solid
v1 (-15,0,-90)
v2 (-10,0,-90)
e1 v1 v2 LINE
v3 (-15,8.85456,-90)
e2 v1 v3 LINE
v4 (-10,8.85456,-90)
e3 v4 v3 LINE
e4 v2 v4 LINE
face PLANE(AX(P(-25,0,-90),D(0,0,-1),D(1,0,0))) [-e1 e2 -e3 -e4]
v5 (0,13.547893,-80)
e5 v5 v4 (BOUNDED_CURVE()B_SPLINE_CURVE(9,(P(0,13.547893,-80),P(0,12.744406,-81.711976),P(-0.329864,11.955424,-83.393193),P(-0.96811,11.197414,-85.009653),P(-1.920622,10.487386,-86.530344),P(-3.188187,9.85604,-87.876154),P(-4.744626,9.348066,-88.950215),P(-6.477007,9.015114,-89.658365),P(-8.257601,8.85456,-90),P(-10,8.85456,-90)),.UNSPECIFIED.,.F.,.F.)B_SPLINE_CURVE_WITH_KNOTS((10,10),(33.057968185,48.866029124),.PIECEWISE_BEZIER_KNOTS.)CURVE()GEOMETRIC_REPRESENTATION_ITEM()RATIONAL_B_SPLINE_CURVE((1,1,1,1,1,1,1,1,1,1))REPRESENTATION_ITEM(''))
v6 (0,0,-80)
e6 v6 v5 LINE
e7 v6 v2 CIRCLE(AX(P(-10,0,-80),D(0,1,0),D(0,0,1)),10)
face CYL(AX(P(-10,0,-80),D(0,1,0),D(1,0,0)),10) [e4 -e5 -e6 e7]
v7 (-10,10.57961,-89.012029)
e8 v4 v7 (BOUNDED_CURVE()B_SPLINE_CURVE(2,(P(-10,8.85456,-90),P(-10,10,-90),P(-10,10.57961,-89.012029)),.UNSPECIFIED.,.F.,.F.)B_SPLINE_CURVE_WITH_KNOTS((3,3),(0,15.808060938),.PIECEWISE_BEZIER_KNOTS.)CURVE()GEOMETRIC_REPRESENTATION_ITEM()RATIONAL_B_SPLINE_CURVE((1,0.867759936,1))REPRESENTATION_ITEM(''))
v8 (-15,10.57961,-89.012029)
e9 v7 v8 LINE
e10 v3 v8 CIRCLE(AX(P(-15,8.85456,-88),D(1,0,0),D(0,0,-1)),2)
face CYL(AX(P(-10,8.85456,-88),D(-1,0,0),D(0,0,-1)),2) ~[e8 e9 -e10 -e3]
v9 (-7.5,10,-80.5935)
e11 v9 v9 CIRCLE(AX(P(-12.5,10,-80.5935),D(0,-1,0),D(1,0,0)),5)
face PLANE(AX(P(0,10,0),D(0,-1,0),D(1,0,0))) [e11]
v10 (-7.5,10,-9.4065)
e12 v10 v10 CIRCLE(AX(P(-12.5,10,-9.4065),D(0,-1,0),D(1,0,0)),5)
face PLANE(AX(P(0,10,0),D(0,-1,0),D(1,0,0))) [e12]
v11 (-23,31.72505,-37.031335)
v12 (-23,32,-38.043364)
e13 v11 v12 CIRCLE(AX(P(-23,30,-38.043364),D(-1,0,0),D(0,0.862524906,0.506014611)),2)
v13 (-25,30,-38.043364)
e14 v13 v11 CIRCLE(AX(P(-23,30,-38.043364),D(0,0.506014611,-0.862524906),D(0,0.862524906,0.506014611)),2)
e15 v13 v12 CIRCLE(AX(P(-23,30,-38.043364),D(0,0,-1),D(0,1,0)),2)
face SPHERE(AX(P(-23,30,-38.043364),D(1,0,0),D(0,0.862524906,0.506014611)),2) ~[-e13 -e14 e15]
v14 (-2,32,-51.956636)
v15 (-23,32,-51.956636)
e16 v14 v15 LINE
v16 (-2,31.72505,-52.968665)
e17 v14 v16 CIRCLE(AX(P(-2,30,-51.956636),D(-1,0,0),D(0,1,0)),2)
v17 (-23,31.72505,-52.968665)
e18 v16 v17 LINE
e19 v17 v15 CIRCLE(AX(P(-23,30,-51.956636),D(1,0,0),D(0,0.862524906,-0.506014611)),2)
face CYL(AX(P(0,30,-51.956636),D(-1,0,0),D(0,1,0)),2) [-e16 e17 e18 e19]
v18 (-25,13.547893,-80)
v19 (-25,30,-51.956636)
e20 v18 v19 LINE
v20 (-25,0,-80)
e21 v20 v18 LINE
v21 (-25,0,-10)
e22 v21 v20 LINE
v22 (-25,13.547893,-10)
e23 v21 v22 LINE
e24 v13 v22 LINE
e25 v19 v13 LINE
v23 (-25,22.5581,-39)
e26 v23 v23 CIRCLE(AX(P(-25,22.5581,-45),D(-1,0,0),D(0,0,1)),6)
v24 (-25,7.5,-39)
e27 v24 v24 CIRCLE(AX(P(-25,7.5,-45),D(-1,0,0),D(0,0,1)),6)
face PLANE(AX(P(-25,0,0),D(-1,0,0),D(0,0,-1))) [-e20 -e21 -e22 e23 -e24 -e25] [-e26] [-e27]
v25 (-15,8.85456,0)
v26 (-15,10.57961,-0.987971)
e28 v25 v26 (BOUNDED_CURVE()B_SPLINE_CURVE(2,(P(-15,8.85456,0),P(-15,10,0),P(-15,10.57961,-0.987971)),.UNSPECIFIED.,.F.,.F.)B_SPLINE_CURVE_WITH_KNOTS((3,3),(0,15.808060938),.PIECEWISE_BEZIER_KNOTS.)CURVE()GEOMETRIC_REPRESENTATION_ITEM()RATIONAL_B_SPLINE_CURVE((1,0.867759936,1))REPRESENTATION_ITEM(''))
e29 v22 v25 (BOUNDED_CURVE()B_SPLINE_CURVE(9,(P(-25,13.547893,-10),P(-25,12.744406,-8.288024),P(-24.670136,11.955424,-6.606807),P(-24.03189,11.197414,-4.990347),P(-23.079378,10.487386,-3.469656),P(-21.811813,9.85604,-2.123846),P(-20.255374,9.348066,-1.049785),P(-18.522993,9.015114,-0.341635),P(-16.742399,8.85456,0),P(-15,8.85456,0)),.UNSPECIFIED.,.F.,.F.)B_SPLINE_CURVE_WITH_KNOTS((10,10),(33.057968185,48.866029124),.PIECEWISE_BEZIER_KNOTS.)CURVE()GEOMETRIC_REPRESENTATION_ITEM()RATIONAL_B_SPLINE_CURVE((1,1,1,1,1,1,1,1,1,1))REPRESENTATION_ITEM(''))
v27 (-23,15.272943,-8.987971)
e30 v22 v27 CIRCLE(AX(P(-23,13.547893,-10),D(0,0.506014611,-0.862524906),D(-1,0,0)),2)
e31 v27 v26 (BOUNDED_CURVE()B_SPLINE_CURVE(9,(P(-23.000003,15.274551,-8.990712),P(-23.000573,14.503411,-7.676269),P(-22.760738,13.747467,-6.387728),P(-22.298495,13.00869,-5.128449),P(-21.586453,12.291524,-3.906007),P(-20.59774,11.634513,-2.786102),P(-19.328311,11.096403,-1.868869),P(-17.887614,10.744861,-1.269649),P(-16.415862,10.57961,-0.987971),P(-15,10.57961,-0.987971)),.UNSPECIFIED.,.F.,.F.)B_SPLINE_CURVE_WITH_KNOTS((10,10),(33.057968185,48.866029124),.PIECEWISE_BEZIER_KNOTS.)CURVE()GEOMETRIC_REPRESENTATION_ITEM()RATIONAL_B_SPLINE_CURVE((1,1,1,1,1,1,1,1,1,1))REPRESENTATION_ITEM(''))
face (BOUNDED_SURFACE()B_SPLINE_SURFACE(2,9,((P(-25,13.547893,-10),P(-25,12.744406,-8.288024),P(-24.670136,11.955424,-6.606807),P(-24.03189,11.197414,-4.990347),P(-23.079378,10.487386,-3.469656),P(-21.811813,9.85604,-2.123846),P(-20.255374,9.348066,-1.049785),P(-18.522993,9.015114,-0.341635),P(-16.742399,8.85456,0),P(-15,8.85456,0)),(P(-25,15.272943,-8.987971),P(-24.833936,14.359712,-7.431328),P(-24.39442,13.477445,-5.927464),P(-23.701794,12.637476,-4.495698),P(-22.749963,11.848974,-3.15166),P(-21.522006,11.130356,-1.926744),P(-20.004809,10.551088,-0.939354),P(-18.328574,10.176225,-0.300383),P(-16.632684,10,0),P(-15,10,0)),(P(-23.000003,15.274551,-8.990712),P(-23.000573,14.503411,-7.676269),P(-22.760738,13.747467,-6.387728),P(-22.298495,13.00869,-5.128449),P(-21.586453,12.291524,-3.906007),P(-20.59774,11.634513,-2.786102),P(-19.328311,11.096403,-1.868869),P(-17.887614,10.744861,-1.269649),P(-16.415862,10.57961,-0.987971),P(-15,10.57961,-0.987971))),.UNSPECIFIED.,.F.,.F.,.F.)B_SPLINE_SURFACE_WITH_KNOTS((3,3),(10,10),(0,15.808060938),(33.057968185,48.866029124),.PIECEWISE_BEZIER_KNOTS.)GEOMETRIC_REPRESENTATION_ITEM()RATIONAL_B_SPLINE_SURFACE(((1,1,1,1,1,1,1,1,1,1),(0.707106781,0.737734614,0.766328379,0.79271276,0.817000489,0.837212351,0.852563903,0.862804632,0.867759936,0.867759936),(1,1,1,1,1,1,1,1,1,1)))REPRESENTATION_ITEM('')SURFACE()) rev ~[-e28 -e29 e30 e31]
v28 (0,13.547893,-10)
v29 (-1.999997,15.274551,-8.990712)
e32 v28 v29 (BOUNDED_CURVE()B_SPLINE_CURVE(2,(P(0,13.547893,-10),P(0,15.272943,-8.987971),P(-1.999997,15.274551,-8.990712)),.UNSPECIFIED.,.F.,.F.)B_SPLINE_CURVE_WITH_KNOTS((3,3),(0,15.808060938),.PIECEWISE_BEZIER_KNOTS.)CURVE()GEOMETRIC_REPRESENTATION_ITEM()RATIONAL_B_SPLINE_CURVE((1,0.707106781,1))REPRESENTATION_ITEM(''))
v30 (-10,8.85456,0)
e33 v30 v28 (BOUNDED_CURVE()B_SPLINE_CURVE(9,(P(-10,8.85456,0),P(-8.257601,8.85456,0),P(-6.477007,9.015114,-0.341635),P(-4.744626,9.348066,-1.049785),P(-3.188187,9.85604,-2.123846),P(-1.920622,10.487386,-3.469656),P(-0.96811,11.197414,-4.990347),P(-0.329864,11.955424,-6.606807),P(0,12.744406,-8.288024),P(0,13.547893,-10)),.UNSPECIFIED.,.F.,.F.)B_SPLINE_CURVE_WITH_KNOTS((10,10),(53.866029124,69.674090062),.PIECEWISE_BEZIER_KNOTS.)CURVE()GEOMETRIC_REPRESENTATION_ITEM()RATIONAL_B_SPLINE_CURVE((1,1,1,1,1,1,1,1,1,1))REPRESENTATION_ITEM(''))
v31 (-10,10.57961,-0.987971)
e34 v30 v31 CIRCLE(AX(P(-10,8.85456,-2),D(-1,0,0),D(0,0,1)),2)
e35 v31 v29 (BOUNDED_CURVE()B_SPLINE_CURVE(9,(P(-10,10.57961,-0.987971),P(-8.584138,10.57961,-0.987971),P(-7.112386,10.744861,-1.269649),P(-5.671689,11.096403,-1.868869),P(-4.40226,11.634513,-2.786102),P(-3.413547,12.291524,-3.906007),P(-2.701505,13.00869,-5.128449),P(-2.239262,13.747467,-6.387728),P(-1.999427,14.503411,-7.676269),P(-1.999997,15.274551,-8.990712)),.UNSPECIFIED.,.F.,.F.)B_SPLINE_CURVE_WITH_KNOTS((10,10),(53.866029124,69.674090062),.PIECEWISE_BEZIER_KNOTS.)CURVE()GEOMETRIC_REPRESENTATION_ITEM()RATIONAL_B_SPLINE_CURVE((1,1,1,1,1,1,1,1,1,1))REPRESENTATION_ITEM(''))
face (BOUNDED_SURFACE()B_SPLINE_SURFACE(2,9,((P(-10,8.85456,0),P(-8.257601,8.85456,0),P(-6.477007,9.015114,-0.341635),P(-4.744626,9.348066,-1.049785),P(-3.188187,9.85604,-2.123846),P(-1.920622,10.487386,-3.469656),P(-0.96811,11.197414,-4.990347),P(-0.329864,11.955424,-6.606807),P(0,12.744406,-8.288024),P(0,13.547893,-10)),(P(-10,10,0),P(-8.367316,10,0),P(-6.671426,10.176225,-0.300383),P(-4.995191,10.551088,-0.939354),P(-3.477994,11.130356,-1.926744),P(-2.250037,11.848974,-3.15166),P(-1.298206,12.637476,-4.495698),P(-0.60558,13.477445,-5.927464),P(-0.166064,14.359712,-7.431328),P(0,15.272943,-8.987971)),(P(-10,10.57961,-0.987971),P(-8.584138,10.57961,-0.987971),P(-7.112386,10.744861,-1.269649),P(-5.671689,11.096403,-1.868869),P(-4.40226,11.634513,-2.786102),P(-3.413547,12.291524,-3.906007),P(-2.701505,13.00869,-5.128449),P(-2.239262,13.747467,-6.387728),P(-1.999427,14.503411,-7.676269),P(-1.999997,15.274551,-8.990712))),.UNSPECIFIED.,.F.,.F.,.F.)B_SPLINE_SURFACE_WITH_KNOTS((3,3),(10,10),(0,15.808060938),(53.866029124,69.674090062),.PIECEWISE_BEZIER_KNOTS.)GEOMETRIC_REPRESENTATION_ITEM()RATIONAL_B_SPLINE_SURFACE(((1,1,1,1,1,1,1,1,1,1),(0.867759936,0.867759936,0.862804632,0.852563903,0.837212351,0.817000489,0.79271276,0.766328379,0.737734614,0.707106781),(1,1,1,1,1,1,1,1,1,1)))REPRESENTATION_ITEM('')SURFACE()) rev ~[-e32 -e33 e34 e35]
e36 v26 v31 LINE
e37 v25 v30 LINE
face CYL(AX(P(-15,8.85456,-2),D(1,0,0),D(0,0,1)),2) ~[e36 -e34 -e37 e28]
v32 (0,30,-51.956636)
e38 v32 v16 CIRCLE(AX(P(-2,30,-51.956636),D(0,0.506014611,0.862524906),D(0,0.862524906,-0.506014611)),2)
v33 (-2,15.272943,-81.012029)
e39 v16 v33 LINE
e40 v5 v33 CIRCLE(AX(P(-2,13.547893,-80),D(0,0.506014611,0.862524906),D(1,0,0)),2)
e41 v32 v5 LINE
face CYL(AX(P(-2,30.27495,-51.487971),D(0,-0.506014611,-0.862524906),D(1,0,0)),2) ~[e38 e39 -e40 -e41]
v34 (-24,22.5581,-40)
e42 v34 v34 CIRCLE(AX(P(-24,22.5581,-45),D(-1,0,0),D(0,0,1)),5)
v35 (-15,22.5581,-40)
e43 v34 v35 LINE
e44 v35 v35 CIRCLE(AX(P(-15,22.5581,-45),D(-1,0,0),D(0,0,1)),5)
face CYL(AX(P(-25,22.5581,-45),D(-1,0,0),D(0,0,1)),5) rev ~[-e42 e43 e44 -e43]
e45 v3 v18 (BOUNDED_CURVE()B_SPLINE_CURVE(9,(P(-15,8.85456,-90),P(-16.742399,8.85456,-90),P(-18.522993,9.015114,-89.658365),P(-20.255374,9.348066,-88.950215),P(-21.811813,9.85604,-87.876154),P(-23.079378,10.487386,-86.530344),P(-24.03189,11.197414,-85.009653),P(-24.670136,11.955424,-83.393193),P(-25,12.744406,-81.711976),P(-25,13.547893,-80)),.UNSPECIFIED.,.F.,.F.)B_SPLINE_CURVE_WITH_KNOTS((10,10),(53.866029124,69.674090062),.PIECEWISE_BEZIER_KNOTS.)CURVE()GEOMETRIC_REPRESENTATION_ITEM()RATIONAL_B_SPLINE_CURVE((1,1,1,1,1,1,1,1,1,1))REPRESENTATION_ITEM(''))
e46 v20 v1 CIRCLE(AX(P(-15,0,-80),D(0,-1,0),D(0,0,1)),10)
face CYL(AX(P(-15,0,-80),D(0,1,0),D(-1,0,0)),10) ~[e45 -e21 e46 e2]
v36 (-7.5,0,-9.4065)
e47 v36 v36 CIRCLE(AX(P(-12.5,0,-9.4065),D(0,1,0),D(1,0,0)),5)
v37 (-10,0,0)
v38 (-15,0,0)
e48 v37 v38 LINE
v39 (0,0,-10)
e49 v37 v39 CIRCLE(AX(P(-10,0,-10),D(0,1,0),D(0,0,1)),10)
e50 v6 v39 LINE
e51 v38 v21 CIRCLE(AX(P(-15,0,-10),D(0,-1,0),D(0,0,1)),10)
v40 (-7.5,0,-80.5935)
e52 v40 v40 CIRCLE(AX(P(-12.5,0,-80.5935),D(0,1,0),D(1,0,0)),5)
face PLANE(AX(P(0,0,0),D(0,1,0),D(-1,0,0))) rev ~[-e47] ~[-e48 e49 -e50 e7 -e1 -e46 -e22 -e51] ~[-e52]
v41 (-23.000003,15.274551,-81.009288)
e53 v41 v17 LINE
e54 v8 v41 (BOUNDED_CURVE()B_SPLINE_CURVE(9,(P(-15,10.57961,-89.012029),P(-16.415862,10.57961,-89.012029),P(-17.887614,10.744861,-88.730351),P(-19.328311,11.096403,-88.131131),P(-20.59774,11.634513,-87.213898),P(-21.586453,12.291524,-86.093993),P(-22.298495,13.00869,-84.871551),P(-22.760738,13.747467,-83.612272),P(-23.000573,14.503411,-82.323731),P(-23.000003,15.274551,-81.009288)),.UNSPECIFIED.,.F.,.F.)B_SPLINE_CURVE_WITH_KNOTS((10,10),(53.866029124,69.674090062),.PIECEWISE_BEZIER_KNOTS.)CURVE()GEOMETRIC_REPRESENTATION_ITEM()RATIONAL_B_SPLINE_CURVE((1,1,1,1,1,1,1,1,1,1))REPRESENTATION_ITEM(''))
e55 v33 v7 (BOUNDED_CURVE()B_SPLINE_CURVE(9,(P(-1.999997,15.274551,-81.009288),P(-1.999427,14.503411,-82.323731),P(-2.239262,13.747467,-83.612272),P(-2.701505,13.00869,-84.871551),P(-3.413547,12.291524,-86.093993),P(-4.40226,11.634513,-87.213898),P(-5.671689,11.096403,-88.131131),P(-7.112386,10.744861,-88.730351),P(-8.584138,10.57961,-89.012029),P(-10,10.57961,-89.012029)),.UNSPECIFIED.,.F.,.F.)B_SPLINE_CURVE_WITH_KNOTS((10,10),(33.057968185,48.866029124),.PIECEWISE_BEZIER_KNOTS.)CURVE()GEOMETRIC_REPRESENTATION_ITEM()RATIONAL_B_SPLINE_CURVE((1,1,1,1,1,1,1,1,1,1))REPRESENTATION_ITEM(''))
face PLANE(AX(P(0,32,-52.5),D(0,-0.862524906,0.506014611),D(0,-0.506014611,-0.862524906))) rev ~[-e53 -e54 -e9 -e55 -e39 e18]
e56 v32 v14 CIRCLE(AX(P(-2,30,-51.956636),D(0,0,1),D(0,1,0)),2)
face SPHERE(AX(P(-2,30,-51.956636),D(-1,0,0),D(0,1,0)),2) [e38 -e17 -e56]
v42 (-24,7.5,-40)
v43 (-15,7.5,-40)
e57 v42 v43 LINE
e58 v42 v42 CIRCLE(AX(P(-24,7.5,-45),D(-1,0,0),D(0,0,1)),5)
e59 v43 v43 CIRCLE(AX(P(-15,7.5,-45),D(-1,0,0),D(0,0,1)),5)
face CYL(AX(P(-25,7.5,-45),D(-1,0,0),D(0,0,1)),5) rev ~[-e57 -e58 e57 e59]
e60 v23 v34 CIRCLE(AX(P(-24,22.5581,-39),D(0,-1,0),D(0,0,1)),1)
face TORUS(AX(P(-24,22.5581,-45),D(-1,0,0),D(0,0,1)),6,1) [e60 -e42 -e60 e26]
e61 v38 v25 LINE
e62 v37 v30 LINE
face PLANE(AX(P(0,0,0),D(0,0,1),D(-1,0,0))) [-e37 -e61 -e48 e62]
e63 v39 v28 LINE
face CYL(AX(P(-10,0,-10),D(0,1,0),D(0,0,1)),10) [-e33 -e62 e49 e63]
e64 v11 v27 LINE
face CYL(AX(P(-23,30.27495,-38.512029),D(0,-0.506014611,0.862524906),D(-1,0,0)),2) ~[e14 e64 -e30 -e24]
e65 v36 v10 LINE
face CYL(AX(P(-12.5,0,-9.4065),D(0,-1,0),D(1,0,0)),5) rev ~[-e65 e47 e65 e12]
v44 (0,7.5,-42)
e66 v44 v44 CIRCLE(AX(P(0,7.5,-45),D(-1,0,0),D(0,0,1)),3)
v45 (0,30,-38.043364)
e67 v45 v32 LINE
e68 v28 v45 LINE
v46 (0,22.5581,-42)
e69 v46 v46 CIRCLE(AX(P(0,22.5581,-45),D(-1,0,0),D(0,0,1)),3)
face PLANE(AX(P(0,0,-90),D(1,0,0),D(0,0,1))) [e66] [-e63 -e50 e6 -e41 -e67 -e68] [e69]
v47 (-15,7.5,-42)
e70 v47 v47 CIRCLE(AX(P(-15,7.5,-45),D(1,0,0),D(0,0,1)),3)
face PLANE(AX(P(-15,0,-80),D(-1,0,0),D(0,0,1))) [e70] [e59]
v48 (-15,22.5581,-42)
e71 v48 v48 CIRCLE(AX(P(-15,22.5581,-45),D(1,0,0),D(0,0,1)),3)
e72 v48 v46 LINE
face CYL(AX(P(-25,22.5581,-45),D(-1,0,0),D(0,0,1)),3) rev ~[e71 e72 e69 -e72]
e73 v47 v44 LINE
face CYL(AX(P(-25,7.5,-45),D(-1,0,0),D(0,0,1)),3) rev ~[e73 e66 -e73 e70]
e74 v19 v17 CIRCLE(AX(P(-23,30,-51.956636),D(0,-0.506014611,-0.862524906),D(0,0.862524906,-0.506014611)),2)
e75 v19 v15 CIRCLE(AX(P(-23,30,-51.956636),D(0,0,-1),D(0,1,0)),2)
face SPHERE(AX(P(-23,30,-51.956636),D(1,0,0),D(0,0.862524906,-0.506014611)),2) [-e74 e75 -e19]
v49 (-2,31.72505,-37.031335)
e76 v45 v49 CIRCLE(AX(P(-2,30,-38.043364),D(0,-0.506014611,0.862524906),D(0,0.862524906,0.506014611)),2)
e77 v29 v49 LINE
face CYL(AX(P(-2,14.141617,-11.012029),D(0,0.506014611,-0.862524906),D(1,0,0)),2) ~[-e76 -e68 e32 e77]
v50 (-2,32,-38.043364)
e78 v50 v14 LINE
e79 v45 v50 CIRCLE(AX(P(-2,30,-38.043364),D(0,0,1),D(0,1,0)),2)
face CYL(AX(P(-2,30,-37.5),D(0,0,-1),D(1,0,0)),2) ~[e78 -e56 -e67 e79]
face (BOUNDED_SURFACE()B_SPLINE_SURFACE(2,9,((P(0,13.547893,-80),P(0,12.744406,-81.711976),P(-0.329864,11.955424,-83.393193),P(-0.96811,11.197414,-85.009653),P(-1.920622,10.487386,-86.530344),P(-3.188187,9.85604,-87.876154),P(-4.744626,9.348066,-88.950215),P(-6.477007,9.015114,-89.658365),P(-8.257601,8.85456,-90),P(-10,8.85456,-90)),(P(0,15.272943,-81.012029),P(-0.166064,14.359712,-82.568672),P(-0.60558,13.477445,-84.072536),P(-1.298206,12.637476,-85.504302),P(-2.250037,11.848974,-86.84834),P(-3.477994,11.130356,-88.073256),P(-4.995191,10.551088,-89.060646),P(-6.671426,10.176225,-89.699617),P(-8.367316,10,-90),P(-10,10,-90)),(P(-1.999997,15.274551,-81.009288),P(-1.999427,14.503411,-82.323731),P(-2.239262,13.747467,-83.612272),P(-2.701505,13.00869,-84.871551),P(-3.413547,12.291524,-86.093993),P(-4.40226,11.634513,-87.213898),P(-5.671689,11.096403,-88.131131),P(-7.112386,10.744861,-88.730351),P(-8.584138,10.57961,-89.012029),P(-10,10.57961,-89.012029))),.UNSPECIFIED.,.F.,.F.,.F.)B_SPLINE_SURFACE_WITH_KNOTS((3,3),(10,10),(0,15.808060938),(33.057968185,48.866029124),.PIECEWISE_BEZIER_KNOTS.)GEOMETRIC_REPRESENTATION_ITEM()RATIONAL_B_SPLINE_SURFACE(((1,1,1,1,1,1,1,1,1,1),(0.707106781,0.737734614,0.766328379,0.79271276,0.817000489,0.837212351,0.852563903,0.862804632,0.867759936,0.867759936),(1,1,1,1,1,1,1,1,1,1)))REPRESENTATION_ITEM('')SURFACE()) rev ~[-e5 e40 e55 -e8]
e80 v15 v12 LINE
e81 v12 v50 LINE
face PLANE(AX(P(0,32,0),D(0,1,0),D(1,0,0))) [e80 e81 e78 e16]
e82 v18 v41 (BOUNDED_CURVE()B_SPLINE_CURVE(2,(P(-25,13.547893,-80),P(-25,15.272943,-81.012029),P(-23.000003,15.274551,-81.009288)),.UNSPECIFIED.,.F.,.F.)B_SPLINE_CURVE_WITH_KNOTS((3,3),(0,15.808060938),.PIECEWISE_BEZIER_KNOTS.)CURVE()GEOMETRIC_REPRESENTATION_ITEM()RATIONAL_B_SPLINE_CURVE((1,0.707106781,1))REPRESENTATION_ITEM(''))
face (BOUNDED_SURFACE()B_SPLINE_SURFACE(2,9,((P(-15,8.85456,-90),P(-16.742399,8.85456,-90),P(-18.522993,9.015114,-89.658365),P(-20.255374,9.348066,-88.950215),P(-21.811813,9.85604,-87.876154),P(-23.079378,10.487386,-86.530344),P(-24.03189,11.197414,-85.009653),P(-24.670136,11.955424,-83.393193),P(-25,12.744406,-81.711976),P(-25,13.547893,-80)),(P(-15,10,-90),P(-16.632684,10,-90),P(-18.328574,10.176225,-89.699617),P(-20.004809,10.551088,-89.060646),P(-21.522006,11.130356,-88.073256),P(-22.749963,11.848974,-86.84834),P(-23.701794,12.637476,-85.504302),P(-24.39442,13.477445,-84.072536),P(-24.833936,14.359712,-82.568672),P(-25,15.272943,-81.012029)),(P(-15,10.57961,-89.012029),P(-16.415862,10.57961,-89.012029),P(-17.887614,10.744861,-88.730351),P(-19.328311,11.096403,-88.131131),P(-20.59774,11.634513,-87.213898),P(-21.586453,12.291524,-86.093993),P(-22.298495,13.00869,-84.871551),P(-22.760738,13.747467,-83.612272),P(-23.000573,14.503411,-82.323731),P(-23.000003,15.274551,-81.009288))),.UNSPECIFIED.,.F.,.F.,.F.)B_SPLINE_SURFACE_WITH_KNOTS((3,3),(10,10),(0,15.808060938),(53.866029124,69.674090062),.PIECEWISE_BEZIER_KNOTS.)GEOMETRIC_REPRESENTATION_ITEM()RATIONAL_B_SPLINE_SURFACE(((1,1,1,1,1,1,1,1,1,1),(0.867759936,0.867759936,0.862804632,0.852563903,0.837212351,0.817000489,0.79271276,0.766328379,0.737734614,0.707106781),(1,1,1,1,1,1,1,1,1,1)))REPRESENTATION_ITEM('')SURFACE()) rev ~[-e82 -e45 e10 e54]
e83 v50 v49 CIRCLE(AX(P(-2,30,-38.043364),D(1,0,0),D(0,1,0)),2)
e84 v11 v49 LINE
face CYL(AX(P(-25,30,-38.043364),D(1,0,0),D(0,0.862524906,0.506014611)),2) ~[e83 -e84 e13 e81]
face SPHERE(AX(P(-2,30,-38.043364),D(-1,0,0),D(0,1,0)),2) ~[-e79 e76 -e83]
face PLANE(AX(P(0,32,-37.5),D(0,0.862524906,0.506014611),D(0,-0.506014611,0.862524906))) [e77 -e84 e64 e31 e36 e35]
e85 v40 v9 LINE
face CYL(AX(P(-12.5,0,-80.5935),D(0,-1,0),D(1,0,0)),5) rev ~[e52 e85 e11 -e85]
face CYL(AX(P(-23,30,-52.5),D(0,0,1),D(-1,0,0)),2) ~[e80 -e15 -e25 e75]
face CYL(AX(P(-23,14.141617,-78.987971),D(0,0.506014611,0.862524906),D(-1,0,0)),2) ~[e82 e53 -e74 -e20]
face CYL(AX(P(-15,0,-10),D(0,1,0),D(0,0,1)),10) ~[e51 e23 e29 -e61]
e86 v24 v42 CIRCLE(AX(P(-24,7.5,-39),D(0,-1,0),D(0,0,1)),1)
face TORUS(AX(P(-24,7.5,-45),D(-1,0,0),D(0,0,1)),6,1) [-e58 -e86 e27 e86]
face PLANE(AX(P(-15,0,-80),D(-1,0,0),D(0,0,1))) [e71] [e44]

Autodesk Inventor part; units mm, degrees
ref_plane "YZ Plane" through (0, 0, 0) normal (1, 0, 0) x (0, 1, 0)
ref_plane "XZ Plane" through (0, 0, 0) normal (0, 1, 0) x (-1, 0, 0)
ref_plane "XY Plane" through (0, 0, 0) normal (0, 0, 1) x (1, 0, 0)
sketch "Sketch1" plane through (0, 0, 0) normal (0, 1, 0) x (-1, 0, 0)
  line L0 (0, 0) -> (25, 0)
  line L1 (25, 0) -> (25, -90)
  line L2 (25, -90) -> (0, -90)
  line L3 (0, -90) -> (0, 0)
  dimension "d0" = 25
  dimension "d1" = 90
extrude "Extrusion1" add sketch "Sketch1" along normal blind 10
sketch "Sketch2" plane through (0, 10, 0) normal (0, 1, 0) x (1, 0, 0)
  line L0 (-25, 90) -> (-25, 0) projected
  line L1 (0, 0) -> (0, 90) projected
  line L2 (-25, 37.5) -> (0, 37.5)
  line L3 (0, 37.5) -> (0, 52.5)
  line L4 (0, 52.5) -> (-25, 52.5)
  line L5 (-25, 52.5) -> (-25, 37.5)
  line L6 (-25, 0) -> (0, 0) projected
  point P0 (-25, 80)
  point P1 (-25, 10)
  point P2 (0, 10)
  point P3 (0, 80)
  point P4 (-15, 0)
  point P5 (-10, 0)
  point P6 (0, 37.5)
  dimension "d5" = 15
  dimension "d6" = 37.5
extrude "Extrusion2" add sketch "Sketch2" along normal blind 22 contours L4 L1 L2 L0
sketch "Sketch3" plane through (-25, 10, -37.5) normal (0, 0, 1) x (1, 0, 0)
  point P0 (25, -10)
sketch "Sketch5" plane through (0, 0, 0) normal (1, 0, 0) x (0, 0, -1)
  line L0 (37.5, 10) -> (37.5, 32) projected
  line L1 (0, 10) -> (37.5, 10) projected
  line L2 (37.5, 32) -> (0, 10)
  line L3 (37.5, 32) -> (52.5, 32) projected
  line L4 (52.5, 32) -> (90, 10)
  line L5 (90, 10) -> (52.5, 10) projected
  line L6 (52.5, 10) -> (90, 10)
  line L7 (52.5, 10) -> (52.5, 32) projected
  line L8 (52.5, 32) -> (52.5, 10)
  point P0 (0, 0)
extrude "Extrusion3" add sketch "Sketch5" against normal blind 25
fillet "Fillet2" radius 10 4 edges at (-25, 5, 0) (0, 5, 0) (-25, 5, -90) (0, 5, -90)
fillet "Fillet3" radius 2 14 edges at (-12.5, 32, -52.5) (-12.5, 32, -37.5) (0, 32, -45) (-2.9289, 11.7183, -87.0711) (-12.5, 10, -90) (-22.0711, 11.7183, -87.0711) (-25, 23.9333, -66.25) (0, 23.9333, -66.25) (-2.9289, 11.7183, -2.9289) (-12.5, 10, 0) (-22.0711, 11.7183, -2.9289) (-25, 23.9333, -23.75) (0, 23.9333, -23.75) (-25, 32, -45)
sketch "Sketch6" plane through (-25, 0, -80) normal (-1, 0, 0) x (0, 0, 1)
  line L0 (28.0434, 30) -> (41.9566, 30) projected
  line L1 (35, 30) -> (35, 15)
  line L2 (70, 0) -> (0, 0) projected
  line L3 (35, 30) -> (35, 0)
  line L4 (35, 15) -> (35, 0)
  circle A0 centre (35, 7.5) radius 3
  circle A1 centre (35, 22.5581) radius 3
  point P0 (80, 0)
  point P1 (35, 22.5)
  dimension "d13" = 6
  dimension "d14" = 7.5
  dimension "d15" = 6
extrude "Extrusion4" cut sketch "Sketch6" against normal blind 25
sketch "Sketch7" plane through (-25, 0, -80) normal (-1, 0, 0) x (0, 0, 1)
  circle A0 centre (35, 22.5581) radius 3 projected
  line L0 (35, 25.5581) -> (35, 19.5581)
  circle A1 centre (35, 22.5581) radius 5
  circle A2 centre (35, 7.5) radius 3 projected
  line L1 (35, 10.5) -> (35, 4.5)
  circle A3 centre (35, 7.5) radius 5
  point P0 (80, 0)
  dimension "d18" = 10
  dimension "d19" = 10
extrude "Extrusion5" cut sketch "Sketch7" against normal blind 10
fillet "Fillet4" radius 1 2 edges at (-25, 22.5581, -50) (-25, 7.5, -50)
sketch "Sketch8" plane through (0, 0, 0) normal (0, -1, 0) x (1, 0, 0)
  line L0 (-10, -90) -> (-15, -90) projected
  line L1 (-12.5, -90) -> (-12.5, 0)
  line L2 (-15, 0) -> (-10, 0) projected
  circle A0 centre (-12.5, -80.5935) radius 5
  circle A1 centre (-12.5, -9.4065) radius 5
  point P0 (0, 0)
  point P1 (-12.5, -45)
  point P2 (-12.5, -4.4065)
  point P3 (-12.5, -14.4065)
  point P4 (-12.5, -75.5935)
  point P5 (-12.5, -85.5935)
  dimension "d23" = 71.187
  dimension "d24" = 10
  dimension "d25" = 10
  dimension "d26" = 35.5935
extrude "Extrusion6" cut sketch "Sketch8" against normal blind 10
properties part number "Triangle_Bracket"
